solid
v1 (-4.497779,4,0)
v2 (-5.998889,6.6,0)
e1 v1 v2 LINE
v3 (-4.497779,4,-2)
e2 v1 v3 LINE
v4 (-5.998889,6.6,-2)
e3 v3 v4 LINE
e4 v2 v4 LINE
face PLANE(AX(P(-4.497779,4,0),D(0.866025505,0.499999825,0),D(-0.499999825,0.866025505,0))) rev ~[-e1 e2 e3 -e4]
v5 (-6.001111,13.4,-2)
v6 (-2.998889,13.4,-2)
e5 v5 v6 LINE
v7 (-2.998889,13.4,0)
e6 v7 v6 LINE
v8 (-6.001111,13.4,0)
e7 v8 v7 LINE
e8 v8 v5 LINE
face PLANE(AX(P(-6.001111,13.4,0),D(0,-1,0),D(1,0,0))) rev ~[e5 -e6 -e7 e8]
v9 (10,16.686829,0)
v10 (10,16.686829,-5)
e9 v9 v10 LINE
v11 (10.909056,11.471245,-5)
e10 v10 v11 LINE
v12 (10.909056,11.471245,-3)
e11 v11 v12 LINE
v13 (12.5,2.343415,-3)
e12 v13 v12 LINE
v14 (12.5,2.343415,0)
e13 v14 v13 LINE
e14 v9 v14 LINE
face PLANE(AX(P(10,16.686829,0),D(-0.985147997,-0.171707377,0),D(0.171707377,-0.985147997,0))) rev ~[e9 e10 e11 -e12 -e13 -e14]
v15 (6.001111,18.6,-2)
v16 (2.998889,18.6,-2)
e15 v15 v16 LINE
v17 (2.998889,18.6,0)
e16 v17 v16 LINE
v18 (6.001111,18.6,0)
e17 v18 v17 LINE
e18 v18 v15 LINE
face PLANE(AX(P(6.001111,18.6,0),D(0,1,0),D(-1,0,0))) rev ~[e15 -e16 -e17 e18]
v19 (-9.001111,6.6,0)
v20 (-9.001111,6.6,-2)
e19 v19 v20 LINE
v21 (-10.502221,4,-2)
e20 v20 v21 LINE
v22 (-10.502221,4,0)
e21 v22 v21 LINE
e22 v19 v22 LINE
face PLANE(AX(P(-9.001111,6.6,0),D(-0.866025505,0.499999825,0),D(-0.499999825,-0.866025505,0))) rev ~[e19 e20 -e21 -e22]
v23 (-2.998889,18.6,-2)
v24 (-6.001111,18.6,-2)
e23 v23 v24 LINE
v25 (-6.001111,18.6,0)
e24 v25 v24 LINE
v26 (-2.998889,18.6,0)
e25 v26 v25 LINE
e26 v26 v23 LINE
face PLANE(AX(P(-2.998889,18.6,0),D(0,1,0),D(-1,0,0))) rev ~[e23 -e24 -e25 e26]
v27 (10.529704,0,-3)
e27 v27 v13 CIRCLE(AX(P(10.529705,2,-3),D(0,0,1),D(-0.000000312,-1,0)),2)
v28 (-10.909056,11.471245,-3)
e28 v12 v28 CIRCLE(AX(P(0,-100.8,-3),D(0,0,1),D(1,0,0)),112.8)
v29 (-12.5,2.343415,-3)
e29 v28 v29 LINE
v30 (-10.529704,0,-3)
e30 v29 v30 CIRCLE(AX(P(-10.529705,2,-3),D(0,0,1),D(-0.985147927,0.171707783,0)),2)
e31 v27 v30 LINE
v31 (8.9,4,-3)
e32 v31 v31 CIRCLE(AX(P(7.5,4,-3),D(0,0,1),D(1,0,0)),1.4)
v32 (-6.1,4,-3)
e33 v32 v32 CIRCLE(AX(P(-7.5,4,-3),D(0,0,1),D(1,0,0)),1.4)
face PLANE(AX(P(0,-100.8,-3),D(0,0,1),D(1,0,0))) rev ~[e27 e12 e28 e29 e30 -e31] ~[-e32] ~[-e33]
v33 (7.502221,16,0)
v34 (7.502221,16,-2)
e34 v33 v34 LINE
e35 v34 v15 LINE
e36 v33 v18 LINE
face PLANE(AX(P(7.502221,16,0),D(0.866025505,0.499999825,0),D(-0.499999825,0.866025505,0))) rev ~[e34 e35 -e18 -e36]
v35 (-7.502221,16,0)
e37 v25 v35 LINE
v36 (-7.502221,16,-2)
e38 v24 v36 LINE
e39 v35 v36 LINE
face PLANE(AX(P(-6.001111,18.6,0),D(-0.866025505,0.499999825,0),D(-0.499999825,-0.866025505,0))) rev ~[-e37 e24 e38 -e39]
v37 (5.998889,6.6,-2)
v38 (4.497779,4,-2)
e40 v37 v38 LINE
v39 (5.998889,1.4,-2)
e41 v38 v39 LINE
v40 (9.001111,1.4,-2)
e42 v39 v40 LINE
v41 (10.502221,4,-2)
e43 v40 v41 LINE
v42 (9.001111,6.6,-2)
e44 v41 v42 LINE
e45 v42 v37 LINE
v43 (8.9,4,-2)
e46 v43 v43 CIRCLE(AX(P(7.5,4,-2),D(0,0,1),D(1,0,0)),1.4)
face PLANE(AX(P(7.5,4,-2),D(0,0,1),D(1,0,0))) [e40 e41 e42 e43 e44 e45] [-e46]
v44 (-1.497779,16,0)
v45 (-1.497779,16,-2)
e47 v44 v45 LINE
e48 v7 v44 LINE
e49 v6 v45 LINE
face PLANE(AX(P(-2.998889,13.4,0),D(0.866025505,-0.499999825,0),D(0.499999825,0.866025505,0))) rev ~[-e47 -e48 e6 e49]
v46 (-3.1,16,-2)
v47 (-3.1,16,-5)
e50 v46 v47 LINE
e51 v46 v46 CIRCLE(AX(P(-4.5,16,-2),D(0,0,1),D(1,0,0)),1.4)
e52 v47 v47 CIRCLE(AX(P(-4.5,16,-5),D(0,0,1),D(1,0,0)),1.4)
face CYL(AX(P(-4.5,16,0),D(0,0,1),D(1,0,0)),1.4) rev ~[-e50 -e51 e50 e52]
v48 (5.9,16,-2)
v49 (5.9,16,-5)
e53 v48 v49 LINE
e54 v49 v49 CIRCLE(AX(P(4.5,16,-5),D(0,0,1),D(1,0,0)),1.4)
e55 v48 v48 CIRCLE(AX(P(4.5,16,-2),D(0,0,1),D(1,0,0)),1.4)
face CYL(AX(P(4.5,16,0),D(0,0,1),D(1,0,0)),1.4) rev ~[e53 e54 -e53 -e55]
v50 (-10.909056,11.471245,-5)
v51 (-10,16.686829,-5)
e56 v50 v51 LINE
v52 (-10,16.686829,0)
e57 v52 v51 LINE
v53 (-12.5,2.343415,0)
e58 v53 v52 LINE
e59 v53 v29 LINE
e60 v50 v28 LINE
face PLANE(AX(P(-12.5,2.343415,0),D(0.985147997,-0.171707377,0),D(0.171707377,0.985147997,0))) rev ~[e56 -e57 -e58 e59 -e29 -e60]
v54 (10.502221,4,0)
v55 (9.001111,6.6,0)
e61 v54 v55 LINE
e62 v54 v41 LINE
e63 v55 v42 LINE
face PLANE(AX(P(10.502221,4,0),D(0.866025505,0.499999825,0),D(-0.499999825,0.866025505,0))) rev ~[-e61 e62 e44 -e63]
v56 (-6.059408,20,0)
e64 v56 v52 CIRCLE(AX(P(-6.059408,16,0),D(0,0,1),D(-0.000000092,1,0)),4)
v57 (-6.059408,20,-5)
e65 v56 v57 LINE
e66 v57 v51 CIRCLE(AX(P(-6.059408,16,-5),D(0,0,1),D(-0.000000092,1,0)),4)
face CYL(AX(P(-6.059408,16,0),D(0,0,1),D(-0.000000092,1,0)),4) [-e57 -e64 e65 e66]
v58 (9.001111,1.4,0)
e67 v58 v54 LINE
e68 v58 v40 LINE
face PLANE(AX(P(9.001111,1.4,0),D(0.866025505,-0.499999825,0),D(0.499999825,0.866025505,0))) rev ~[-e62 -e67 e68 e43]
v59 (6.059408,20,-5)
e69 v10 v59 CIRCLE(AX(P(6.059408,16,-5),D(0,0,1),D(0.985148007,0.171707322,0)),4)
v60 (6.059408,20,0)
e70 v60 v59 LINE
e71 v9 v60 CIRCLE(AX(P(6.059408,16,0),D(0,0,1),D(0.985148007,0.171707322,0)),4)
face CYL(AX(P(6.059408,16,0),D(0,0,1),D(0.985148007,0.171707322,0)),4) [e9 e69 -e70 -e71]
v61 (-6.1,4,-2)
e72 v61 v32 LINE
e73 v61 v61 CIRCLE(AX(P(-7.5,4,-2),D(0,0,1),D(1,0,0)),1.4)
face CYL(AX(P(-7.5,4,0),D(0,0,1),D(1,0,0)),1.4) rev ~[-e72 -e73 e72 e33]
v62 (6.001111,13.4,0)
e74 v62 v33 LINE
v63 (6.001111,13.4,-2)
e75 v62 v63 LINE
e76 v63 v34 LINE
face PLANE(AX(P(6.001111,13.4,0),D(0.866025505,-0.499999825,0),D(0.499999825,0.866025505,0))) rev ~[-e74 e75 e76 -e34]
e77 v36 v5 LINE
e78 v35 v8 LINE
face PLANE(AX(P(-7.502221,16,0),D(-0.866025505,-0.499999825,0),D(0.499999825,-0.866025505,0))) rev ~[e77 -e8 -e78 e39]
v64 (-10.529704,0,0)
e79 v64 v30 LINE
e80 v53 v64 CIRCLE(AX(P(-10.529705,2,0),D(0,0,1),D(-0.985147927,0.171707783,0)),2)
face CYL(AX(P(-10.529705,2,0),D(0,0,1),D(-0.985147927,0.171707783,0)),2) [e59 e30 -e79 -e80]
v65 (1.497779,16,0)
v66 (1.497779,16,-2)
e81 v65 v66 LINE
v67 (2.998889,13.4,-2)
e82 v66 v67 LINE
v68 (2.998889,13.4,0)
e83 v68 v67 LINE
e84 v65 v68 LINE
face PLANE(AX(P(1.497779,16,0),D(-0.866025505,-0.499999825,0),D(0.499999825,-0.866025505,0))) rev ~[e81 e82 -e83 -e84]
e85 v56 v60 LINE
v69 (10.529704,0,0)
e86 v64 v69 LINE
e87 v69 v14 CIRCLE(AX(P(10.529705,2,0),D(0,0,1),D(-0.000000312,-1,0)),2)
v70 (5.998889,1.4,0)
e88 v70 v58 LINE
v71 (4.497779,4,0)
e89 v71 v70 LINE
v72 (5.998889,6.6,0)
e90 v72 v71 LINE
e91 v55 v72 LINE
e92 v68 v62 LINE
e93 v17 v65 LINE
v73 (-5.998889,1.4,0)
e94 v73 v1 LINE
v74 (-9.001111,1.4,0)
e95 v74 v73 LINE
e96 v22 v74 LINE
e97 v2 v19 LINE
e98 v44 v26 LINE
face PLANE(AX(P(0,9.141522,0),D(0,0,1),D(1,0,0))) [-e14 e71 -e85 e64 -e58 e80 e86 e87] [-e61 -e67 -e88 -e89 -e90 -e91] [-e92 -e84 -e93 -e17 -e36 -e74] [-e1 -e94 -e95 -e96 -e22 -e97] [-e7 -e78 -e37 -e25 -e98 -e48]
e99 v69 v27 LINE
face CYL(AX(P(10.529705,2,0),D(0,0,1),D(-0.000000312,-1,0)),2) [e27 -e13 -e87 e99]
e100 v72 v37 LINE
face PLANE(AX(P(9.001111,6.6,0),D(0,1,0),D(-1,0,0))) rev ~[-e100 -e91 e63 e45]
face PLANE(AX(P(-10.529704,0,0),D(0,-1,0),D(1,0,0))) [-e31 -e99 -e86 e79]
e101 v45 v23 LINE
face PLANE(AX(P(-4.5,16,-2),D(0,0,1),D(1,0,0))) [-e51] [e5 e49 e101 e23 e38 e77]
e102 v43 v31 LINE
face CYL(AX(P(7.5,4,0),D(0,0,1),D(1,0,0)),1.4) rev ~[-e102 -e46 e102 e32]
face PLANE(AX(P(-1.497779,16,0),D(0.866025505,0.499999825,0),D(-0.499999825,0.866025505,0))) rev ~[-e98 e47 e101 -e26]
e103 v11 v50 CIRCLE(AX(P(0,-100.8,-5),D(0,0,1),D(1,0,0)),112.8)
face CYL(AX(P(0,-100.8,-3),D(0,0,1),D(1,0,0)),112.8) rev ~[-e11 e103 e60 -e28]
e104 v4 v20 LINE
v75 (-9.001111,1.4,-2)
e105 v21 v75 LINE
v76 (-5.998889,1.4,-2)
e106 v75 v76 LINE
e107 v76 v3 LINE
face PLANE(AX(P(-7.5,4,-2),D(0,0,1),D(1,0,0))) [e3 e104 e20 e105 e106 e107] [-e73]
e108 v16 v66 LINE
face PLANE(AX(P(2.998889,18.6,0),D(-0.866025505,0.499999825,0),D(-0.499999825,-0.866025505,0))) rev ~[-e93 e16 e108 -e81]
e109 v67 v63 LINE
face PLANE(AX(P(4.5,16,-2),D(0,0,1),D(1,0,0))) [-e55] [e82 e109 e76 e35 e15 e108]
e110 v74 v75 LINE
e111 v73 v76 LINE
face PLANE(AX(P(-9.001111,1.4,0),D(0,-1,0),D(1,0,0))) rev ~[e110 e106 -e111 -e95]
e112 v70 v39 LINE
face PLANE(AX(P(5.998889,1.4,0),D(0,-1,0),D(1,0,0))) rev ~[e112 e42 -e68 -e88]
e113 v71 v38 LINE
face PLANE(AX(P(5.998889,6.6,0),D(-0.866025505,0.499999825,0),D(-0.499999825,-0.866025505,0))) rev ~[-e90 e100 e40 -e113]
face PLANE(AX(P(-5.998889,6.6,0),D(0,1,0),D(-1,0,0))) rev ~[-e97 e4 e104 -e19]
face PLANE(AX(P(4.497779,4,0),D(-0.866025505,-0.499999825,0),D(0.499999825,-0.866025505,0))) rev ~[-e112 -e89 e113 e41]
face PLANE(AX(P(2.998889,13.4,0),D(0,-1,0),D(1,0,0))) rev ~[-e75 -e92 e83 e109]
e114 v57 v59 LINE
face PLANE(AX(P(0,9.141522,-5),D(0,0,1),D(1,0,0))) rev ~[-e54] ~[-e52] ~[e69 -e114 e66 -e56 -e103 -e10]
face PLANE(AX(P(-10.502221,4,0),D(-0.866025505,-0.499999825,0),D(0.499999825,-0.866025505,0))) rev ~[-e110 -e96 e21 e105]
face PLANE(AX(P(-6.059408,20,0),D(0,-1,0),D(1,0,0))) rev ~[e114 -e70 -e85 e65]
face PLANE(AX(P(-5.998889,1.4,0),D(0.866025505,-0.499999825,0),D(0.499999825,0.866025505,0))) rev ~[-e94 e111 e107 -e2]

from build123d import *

# Parameters (mm, degrees)
PAD001_DEPTH         = 5
SKETCH007_R          = 1.4
POCKET001_DEPTH      = 5.001
POCKET001_DEPTH_BACK = 0.001
POCKET002_DEPTH      = 2
SKETCH009_R          = 112.8
POCKET003_DEPTH      = 2.001


with BuildPart() as part:
    # Sketch005 → Pad001 (new body)
    with BuildSketch(Plane.XY):
        with BuildLine():
            Line((-10.529704, 0), (10.529704, 0))
            ThreePointArc((10.529704, 0), (12.060526, 0.712916), (12.5, 2.343415))
            Line((10, 16.686829), (12.5, 2.343415))
            ThreePointArc((10, 16.686829), (8.633576, 19.061643), (6.059408, 20))
            Line((-6.059408, 20), (6.059408, 20))
            ThreePointArc((-6.059408, 20), (-8.633576, 19.061643), (-10, 16.686829))
            Line((-12.5, 2.343415), (-10, 16.686829))
            ThreePointArc((-12.5, 2.343415), (-12.060526, 0.712916), (-10.529704, 0))
        make_face()
    extrude(amount=-PAD001_DEPTH)

    # Sketch007 → Pocket001 (cut, two sides)
    with BuildSketch(Plane.XY) as pocket001_sk:
        with Locations((-4.5, 16)):
            Circle(SKETCH007_R)
        with Locations((4.5, 16)):
            Circle(SKETCH007_R)
        with Locations((7.5, 4)):
            Circle(SKETCH007_R)
        with Locations((-7.5, 4)):
            Circle(SKETCH007_R)
    extrude(amount=-POCKET001_DEPTH, mode=Mode.SUBTRACT)
    extrude(pocket001_sk.sketch, amount=POCKET001_DEPTH_BACK, mode=Mode.SUBTRACT)

    # Sketch008 → Pocket002 (cut)
    with BuildSketch(Plane.XY):
        Polygon((-9.001111, 6.6), (-10.502221, 4), (-9.001111, 1.4), (-5.998889, 1.4), (-4.497779, 4), (-5.998889, 6.6), align=None)
        Polygon((9.001111, 1.4), (10.502221, 4), (9.001111, 6.6), (5.998889, 6.6), (4.497779, 4), (5.998889, 1.4), align=None)
        Polygon((6.001111, 13.4), (7.502221, 16), (6.001111, 18.6), (2.998889, 18.6), (1.497779, 16), (2.998889, 13.4), align=None)
        Polygon((-6.001111, 13.4), (-2.998889, 13.4), (-1.497779, 16), (-2.998889, 18.6), (-6.001111, 18.6), (-7.502221, 16), align=None)
    extrude(amount=-POCKET002_DEPTH, mode=Mode.SUBTRACT)

    # Sketch009 (on DatumPlane) → Pocket003 (cut, through all)
    with BuildSketch(Plane.XY.offset(-3)):
        with Locations((0, -100.8)):
            Circle(SKETCH009_R)
    extrude(amount=-POCKET003_DEPTH, mode=Mode.SUBTRACT)


solid = part.part
